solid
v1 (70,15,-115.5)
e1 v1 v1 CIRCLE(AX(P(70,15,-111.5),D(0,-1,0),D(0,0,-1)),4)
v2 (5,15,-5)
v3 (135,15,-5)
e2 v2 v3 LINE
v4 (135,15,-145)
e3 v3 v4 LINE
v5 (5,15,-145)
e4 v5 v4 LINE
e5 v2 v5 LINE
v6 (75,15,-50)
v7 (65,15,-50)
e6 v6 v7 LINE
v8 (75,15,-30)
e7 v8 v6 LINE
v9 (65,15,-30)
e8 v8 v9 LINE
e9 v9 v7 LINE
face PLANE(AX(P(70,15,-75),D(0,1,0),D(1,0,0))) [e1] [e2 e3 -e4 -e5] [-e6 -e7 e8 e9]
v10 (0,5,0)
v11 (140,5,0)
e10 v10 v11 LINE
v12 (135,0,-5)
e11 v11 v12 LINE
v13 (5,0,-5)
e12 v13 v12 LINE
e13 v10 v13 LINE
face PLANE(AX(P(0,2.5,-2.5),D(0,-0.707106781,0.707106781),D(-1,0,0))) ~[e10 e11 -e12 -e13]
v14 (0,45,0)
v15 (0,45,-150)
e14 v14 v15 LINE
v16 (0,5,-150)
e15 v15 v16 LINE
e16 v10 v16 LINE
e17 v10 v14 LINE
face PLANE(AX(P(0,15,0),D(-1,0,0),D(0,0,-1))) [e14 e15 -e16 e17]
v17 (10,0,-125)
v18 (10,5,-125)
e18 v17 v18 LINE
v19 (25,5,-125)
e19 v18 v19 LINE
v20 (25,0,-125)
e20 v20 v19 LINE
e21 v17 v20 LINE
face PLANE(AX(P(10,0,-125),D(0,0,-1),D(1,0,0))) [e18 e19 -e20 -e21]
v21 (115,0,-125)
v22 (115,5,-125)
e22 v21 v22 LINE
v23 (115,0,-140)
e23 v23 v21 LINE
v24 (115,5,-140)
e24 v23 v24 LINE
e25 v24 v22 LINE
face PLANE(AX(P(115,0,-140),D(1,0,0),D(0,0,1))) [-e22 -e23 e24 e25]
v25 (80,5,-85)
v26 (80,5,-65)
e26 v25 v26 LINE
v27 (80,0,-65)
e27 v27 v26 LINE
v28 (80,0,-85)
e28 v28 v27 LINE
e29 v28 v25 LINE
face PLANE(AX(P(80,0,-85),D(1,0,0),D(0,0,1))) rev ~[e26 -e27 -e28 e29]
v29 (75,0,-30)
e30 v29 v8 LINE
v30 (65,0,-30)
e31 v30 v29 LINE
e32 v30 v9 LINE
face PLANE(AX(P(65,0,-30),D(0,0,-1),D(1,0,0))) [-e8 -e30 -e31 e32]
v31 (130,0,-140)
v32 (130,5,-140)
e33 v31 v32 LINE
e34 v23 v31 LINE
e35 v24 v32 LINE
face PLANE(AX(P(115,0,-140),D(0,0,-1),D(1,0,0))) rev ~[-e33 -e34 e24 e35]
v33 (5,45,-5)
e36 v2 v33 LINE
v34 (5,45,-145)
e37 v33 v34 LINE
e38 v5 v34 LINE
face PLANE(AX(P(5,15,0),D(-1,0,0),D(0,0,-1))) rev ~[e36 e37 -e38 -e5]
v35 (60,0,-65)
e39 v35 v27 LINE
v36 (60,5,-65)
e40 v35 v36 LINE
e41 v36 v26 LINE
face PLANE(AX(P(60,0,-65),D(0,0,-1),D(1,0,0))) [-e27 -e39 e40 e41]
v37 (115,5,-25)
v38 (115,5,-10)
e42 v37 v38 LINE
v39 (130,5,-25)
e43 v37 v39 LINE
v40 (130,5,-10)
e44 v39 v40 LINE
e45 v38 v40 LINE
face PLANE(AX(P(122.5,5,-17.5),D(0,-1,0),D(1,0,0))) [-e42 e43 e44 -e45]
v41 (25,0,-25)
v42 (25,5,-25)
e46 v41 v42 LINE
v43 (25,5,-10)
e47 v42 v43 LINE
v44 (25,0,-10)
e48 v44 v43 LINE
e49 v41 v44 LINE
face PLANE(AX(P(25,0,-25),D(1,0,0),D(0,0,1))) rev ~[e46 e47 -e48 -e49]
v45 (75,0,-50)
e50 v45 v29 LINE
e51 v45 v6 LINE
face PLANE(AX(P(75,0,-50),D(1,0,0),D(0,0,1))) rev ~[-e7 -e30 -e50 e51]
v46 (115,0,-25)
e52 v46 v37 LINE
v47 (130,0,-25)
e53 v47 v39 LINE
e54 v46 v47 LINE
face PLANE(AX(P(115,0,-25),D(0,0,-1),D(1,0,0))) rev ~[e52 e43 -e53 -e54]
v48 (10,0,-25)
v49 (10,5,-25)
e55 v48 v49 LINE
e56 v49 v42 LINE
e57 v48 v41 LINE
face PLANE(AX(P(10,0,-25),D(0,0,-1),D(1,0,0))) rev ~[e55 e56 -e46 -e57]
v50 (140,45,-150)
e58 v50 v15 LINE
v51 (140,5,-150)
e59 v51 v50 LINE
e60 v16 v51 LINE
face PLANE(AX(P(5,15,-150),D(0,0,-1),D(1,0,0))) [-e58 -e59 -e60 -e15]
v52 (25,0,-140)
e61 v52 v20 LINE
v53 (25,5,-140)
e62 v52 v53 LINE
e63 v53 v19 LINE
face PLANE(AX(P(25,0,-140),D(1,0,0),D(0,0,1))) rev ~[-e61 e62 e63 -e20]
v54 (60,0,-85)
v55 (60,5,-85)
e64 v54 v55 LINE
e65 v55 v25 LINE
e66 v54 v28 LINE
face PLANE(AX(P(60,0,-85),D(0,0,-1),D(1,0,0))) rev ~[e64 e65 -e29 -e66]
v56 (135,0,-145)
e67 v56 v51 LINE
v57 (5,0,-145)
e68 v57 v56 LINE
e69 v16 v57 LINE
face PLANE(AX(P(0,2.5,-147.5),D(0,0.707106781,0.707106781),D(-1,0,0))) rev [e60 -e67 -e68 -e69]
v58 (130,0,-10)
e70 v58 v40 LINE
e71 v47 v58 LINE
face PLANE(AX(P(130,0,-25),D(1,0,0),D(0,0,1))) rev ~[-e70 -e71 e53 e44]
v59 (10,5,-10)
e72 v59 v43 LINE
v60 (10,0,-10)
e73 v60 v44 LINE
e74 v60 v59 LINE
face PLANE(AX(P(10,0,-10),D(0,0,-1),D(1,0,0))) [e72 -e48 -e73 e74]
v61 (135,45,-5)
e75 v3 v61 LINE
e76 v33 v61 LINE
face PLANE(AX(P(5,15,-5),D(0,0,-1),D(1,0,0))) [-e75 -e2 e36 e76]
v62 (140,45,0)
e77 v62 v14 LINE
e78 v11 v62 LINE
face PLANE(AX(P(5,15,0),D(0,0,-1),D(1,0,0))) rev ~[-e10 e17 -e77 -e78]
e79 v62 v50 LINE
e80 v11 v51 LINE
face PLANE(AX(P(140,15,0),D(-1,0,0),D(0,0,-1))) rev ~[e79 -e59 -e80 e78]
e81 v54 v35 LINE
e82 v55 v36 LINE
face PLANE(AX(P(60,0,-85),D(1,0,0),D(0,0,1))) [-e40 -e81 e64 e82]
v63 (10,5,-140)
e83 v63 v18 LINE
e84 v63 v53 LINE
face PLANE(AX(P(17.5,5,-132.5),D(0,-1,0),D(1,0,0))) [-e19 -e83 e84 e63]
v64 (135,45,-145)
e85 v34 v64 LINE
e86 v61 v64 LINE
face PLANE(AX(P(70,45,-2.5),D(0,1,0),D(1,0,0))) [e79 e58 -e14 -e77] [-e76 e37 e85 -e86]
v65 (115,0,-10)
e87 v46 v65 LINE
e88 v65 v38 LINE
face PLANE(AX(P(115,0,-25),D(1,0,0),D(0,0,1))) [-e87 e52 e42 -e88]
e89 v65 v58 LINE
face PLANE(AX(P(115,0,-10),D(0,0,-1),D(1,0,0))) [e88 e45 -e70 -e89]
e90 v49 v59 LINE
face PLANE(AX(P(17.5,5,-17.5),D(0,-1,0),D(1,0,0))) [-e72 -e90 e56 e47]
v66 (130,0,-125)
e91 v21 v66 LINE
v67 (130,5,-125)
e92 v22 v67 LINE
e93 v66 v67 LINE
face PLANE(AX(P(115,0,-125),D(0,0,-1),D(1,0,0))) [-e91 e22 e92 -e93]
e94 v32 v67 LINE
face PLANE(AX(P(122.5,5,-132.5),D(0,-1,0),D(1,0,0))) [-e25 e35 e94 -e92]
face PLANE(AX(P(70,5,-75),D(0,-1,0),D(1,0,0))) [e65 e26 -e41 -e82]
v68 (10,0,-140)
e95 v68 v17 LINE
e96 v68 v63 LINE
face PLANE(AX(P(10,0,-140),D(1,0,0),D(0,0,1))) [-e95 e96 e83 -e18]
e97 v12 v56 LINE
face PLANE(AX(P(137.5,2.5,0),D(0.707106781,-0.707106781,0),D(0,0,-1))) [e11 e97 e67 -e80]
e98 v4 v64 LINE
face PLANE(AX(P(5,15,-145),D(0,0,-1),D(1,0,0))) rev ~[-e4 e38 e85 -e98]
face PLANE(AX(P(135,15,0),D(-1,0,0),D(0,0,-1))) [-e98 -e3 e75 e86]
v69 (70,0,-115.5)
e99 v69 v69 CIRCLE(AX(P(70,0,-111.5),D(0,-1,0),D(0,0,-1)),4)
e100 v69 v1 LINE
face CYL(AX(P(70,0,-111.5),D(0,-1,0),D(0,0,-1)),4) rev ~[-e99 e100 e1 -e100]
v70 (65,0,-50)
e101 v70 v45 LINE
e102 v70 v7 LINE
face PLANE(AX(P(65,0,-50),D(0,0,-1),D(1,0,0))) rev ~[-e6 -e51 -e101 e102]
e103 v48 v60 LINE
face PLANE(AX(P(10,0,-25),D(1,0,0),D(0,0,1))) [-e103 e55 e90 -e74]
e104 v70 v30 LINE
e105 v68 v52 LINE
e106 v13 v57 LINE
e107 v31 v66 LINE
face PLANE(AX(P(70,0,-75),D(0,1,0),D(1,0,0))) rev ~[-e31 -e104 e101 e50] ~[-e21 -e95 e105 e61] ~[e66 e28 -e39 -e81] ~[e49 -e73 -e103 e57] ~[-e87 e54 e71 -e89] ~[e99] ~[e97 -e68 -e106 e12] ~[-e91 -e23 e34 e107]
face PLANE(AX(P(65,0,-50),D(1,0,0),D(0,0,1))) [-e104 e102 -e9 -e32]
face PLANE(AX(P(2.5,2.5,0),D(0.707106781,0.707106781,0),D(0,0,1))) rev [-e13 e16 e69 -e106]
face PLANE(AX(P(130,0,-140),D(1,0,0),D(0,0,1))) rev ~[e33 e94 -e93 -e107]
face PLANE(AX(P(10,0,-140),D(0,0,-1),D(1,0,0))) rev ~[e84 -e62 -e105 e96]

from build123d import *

# Parameters (mm, degrees)
SKETCH3_W           = 140
SKETCH3_H           = 150
BOSS_EXTRUDE1_DEPTH = 15
SKETCH19_W          = 15
SKETCH19_H          = 15
CUT_EXTRUDE1_DEPTH  = 5
SKETCH20_W          = 15
SKETCH20_H          = 15
CUT_EXTRUDE2_DEPTH  = 5
SKETCH21_W          = 15
SKETCH21_H          = 15
CUT_EXTRUDE3_DEPTH  = 5
SKETCH22_W          = 15
SKETCH22_H          = 15
CUT_EXTRUDE4_DEPTH  = 5
SKETCH24_W          = 20
SKETCH24_H          = 20
CUT_EXTRUDE6_DEPTH  = 5
SKETCH25_R          = 4
CUT_EXTRUDE7_DEPTH  = 206.730406114
SKETCH26_W          = 10
SKETCH26_H          = 20
CUT_EXTRUDE8_DEPTH  = 206.730406114
SKETCH27_W          = 5
SKETCH27_H          = 150
BOSS_EXTRUDE2_DEPTH = 30
SKETCH28_W          = 135
SKETCH28_H          = 5
BOSS_EXTRUDE3_DEPTH = 30
SKETCH29_W          = 5
SKETCH29_H          = 145
BOSS_EXTRUDE4_DEPTH = 30
SKETCH30_W          = 130
SKETCH30_H          = 5
BOSS_EXTRUDE5_DEPTH = 30
CHAMFER2_SIZE       = 5


with BuildPart() as part:
    # Sketch3 → Boss-Extrude1 (new body)
    with BuildSketch(Plane(origin=(0, 0, 0), x_dir=(1, 0, 0), z_dir=(0, 1, 0))):
        with Locations((70, 75)):
            Rectangle(SKETCH3_W, SKETCH3_H)
    extrude(amount=BOSS_EXTRUDE1_DEPTH)

    # Sketch19 → Cut-Extrude1 (cut)
    with BuildSketch(Plane.XZ):
        with Locations((17.5, -17.5)):
            Rectangle(SKETCH19_W, SKETCH19_H)
    extrude(amount=-CUT_EXTRUDE1_DEPTH, mode=Mode.SUBTRACT)

    # Sketch20 → Cut-Extrude2 (cut)
    with BuildSketch(Plane.XZ):
        with Locations((122.5, -17.5)):
            Rectangle(SKETCH20_W, SKETCH20_H)
    extrude(amount=-CUT_EXTRUDE2_DEPTH, mode=Mode.SUBTRACT)

    # Sketch21 → Cut-Extrude3 (cut)
    with BuildSketch(Plane.XZ):
        with Locations((17.5, -132.5)):
            Rectangle(SKETCH21_W, SKETCH21_H)
    extrude(amount=-CUT_EXTRUDE3_DEPTH, mode=Mode.SUBTRACT)

    # Sketch22 → Cut-Extrude4 (cut)
    with BuildSketch(Plane.XZ):
        with Locations((122.5, -132.5)):
            Rectangle(SKETCH22_W, SKETCH22_H)
    extrude(amount=-CUT_EXTRUDE4_DEPTH, mode=Mode.SUBTRACT)

    # Sketch24 → Cut-Extrude6 (cut)
    with BuildSketch(Plane.XZ):
        with Locations((70, -75)):
            Rectangle(SKETCH24_W, SKETCH24_H)
    extrude(amount=-CUT_EXTRUDE6_DEPTH, mode=Mode.SUBTRACT)

    # Sketch25 → Cut-Extrude7 (cut, through all)
    with BuildSketch(Plane(origin=(0, 0, 0), x_dir=(-1, 0, 0), z_dir=(0, -1, 0))):
        with Locations(Location((-70, 111.5, 0), (0, 0, 90))):
            Circle(SKETCH25_R)
    extrude(amount=-CUT_EXTRUDE7_DEPTH, mode=Mode.SUBTRACT)

    # Sketch26 → Cut-Extrude8 (cut, through all)
    with BuildSketch(Plane.XZ):
        with Locations((70, -40)):
            Rectangle(SKETCH26_W, SKETCH26_H)
    extrude(amount=-CUT_EXTRUDE8_DEPTH, mode=Mode.SUBTRACT)

    # Sketch27 → Boss-Extrude2 (add)
    with BuildSketch(Plane(origin=(0, 15, 0), x_dir=(1, 0, 0), z_dir=(0, 1, 0))):
        with Locations((2.5, 75)):
            Rectangle(SKETCH27_W, SKETCH27_H)
    extrude(amount=BOSS_EXTRUDE2_DEPTH)

    # Sketch28 → Boss-Extrude3 (add)
    with BuildSketch(Plane(origin=(0, 15, 0), x_dir=(1, 0, 0), z_dir=(0, 1, 0))):
        with Locations((72.5, 147.5)):
            Rectangle(SKETCH28_W, SKETCH28_H)
    extrude(amount=BOSS_EXTRUDE3_DEPTH)

    # Sketch29 → Boss-Extrude4 (add)
    with BuildSketch(Plane(origin=(0, 15, 0), x_dir=(1, 0, 0), z_dir=(0, 1, 0))):
        with Locations((137.5, 72.5)):
            Rectangle(SKETCH29_W, SKETCH29_H)
    extrude(amount=BOSS_EXTRUDE4_DEPTH)

    # Sketch30 → Boss-Extrude5 (add)
    with BuildSketch(Plane(origin=(0, 15, 0), x_dir=(1, 0, 0), z_dir=(0, 1, 0))):
        with Locations((70, 2.5)):
            Rectangle(SKETCH30_W, SKETCH30_H)
    extrude(amount=BOSS_EXTRUDE5_DEPTH)

    # Chamfer2
    chamfer2_edges = [part.edges().sort_by_distance(p)[0] for p in [
        (70, 0, 0),
        (140, 0, -75),
        (70, 0, -150),
        (0, 0, -75),
    ]]
    chamfer(chamfer2_edges, length=CHAMFER2_SIZE)


solid = part.part
